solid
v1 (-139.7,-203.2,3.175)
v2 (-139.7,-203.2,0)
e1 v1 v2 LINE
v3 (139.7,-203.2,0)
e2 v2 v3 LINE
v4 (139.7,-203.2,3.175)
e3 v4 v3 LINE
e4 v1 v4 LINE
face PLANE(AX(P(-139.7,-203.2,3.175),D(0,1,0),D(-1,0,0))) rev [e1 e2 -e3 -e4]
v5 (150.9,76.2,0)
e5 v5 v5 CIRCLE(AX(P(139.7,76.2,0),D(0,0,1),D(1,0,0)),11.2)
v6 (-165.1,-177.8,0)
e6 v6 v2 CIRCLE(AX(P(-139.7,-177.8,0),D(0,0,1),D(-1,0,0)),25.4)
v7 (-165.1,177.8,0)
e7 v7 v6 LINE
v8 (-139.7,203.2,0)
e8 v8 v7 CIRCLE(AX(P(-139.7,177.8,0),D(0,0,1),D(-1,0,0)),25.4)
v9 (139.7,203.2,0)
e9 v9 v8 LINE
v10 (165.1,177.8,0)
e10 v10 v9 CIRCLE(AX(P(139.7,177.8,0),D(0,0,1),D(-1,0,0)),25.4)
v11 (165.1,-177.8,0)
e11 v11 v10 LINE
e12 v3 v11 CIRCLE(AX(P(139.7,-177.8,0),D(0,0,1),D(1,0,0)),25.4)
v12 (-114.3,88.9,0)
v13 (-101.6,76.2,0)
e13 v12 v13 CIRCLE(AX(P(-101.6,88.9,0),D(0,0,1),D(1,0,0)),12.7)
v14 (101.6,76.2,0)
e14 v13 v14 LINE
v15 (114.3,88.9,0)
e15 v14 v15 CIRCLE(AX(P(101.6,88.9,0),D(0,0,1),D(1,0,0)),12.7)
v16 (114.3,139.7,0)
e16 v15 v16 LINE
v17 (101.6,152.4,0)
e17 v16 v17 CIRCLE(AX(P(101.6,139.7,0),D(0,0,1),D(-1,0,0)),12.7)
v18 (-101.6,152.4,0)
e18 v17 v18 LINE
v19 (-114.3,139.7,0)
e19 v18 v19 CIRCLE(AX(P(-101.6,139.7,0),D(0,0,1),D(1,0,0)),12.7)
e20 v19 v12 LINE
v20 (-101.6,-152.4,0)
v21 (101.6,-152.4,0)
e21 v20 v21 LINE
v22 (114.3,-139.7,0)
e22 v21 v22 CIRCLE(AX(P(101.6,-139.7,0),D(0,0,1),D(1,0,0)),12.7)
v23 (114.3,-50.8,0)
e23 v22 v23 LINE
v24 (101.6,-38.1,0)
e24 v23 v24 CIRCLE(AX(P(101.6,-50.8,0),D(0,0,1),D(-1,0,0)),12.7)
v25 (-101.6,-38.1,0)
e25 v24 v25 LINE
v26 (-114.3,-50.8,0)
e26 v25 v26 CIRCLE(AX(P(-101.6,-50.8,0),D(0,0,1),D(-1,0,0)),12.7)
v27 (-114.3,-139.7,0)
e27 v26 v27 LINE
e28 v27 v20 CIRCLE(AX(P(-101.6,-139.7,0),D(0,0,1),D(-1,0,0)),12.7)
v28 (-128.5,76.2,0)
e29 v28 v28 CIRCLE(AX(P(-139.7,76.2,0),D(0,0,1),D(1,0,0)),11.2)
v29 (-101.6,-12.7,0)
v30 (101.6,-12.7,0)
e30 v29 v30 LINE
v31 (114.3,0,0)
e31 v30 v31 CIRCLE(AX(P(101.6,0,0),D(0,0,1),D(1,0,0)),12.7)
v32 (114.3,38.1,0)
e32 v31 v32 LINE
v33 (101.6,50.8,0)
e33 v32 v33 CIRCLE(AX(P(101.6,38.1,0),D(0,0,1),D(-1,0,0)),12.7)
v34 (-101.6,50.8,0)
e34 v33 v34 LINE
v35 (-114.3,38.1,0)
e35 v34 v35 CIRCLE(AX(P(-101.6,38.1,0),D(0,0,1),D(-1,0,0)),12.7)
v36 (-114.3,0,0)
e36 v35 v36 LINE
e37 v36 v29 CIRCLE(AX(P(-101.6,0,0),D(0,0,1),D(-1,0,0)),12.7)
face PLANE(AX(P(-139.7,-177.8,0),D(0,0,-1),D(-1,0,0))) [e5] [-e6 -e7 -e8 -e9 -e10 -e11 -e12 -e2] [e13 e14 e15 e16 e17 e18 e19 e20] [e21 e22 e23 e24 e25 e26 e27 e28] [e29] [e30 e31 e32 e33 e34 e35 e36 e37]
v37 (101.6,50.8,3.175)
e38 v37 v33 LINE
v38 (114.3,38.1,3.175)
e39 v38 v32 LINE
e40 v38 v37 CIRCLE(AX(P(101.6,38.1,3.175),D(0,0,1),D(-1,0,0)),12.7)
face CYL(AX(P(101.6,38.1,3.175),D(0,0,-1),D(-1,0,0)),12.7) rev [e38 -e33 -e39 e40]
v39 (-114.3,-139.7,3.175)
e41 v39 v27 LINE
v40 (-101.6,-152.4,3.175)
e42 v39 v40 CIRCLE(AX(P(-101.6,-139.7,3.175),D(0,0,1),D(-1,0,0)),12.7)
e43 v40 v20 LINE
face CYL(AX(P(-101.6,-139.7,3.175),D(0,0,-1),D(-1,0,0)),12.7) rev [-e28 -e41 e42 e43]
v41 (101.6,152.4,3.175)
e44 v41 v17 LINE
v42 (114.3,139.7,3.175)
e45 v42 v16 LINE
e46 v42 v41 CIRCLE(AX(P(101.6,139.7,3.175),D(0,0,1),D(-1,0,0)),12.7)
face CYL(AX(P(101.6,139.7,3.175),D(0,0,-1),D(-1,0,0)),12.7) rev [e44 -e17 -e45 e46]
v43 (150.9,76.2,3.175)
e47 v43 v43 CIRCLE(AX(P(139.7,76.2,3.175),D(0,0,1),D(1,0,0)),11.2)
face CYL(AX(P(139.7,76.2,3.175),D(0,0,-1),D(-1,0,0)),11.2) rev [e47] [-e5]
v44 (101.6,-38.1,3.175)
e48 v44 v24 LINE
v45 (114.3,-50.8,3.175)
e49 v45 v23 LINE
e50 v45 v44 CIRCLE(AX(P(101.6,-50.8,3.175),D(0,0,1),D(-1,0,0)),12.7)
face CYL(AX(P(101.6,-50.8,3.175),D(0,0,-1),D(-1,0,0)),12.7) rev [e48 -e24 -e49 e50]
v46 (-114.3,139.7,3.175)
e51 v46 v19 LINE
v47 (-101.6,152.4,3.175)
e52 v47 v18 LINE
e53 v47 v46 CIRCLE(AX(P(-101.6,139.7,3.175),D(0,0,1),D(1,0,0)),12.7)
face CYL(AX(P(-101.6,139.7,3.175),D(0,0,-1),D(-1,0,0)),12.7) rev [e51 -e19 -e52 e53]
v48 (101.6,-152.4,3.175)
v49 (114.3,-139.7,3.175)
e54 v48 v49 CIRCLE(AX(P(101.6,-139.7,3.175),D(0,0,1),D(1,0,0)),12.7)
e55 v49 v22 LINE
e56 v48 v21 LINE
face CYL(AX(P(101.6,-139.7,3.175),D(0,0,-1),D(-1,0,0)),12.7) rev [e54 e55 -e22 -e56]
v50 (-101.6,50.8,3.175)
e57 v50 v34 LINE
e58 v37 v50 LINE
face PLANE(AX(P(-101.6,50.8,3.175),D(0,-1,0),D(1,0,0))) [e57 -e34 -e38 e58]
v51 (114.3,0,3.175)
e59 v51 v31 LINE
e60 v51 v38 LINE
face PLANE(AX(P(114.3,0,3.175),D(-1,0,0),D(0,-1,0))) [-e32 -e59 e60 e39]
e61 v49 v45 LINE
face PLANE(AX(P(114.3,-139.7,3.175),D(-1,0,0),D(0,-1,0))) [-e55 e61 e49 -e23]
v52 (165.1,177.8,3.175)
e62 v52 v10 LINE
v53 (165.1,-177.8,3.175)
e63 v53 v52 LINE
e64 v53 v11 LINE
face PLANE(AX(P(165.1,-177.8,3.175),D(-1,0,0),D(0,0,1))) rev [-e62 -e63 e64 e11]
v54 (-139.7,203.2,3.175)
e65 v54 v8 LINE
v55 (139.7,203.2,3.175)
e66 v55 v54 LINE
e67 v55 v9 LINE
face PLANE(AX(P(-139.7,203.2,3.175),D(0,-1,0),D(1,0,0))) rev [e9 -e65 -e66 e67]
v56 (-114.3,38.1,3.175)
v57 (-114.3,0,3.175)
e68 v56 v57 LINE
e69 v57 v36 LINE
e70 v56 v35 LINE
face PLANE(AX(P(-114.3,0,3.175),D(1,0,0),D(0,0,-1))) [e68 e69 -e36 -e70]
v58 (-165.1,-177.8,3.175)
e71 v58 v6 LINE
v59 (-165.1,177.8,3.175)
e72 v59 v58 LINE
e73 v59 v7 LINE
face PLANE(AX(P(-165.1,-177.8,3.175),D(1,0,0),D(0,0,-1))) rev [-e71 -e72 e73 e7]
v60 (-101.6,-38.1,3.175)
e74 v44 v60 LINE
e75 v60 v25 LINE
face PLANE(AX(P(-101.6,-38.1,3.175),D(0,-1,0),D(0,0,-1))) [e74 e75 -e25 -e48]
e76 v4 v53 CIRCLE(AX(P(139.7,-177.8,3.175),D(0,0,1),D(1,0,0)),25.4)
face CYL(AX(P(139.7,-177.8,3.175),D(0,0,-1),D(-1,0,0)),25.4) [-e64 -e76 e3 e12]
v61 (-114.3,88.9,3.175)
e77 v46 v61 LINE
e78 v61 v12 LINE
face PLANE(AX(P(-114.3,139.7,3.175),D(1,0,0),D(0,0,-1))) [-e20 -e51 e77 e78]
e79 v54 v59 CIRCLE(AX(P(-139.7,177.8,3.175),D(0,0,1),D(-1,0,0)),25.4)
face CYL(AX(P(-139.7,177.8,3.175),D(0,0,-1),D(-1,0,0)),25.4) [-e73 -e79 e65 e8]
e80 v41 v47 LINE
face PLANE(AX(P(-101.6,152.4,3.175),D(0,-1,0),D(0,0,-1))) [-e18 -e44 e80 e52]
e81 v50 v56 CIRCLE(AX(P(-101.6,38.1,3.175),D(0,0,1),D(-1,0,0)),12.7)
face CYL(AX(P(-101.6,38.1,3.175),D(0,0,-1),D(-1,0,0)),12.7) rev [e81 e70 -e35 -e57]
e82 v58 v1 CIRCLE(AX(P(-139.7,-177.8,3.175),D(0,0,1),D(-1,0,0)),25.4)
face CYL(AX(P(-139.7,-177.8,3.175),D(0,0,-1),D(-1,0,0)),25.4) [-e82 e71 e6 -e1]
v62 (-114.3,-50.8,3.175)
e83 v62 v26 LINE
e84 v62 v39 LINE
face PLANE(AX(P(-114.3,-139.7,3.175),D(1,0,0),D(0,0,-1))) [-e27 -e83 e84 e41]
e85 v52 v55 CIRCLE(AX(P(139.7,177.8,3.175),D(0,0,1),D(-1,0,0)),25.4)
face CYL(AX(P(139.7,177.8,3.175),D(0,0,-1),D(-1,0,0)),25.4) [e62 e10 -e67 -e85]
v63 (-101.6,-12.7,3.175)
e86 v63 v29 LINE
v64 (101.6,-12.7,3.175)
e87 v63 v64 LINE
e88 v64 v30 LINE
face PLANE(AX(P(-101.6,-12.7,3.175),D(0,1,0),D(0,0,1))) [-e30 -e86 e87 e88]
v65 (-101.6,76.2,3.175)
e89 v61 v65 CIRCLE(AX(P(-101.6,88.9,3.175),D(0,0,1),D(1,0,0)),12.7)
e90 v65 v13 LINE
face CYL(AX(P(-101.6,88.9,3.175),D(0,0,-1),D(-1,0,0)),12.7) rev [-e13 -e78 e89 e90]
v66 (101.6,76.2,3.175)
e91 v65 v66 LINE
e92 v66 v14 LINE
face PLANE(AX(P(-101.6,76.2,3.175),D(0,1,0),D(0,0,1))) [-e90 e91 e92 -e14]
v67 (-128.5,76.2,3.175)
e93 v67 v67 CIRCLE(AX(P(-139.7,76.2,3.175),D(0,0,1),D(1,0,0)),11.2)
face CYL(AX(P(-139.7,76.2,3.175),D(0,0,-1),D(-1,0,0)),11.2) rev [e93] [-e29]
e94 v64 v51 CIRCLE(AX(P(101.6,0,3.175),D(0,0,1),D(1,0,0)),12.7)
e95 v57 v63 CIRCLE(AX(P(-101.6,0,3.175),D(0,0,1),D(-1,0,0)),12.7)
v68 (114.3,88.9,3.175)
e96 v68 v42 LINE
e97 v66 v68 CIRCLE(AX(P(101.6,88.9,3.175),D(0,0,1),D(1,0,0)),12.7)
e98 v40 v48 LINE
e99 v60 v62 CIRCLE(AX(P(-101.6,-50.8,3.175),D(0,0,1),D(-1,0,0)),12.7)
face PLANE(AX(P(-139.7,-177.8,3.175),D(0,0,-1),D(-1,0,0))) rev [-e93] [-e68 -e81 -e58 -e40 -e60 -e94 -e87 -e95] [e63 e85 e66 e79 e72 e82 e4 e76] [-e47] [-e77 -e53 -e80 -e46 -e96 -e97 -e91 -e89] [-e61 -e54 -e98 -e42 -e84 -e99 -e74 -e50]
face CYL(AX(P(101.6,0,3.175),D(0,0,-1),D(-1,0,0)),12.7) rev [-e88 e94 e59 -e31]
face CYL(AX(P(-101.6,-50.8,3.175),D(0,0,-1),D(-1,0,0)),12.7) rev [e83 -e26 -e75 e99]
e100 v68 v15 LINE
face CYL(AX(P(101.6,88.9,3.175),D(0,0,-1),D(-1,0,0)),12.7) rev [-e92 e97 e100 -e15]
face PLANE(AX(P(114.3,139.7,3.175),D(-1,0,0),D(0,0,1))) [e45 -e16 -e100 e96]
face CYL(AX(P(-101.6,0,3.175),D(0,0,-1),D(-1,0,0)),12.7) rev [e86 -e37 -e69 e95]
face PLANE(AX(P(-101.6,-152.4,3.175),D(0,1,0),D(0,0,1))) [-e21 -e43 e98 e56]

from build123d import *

# Parameters (mm, degrees)
SKETCH1_R           = 11.2
BOSS_EXTRUDE1_DEPTH = 3.175


with BuildPart() as part:
    # Sketch1 → Boss-Extrude1 (new body)
    with BuildSketch(Plane.XY):
        with BuildLine():
            Line((-139.7, -203.2), (139.7, -203.2))
            ThreePointArc((139.7, -203.2), (157.660512242, -195.760512242), (165.1, -177.8))
            Line((165.1, -177.8), (165.1, 177.8))
            ThreePointArc((165.1, 177.8), (157.660512242, 195.760512242), (139.7, 203.2))
            Line((139.7, 203.2), (-139.7, 203.2))
            ThreePointArc((-139.7, 203.2), (-157.660512242, 195.760512242), (-165.1, 177.8))
            Line((-165.1, 177.8), (-165.1, -177.8))
            ThreePointArc((-165.1, -177.8), (-157.660512242, -195.760512242), (-139.7, -203.2))
        make_face()
        with Locations((-139.7, 76.2)):
            Circle(SKETCH1_R, mode=Mode.SUBTRACT)
        with Locations((139.7, 76.2)):
            Circle(SKETCH1_R, mode=Mode.SUBTRACT)
        with BuildLine():
            Line((-101.6, -152.4), (101.6, -152.4))
            ThreePointArc((101.6, -152.4), (110.580256121, -148.680256121), (114.3, -139.7))
            Line((114.3, -139.7), (114.3, -50.8))
            ThreePointArc((114.3, -50.8), (110.580256121, -41.819743879), (101.6, -38.1))
            Line((101.6, -38.1), (-101.6, -38.1))
            ThreePointArc((-101.6, -38.1), (-110.580256121, -41.819743879), (-114.3, -50.8))
            Line((-114.3, -50.8), (-114.3, -139.7))
            ThreePointArc((-114.3, -139.7), (-110.580256121, -148.680256121), (-101.6, -152.4))
        make_face(mode=Mode.SUBTRACT)
        with BuildLine():
            Line((-101.6, -12.7), (101.6, -12.7))
            ThreePointArc((101.6, -12.7), (110.580256121, -8.980256121), (114.3, 0))
            Line((114.3, 0), (114.3, 38.1))
            ThreePointArc((114.3, 38.1), (110.580256121, 47.080256121), (101.6, 50.8))
            Line((101.6, 50.8), (-101.6, 50.8))
            ThreePointArc((-101.6, 50.8), (-110.580256121, 47.080256121), (-114.3, 38.1))
            Line((-114.3, 38.1), (-114.3, 0))
            ThreePointArc((-114.3, 0), (-110.580256121, -8.980256121), (-101.6, -12.7))
        make_face(mode=Mode.SUBTRACT)
        with BuildLine():
            Line((-101.6, 152.4), (101.6, 152.4))
            ThreePointArc((101.6, 152.4), (110.580256121, 148.680256121), (114.3, 139.7))
            Line((114.3, 139.7), (114.3, 88.9))
            ThreePointArc((114.3, 88.9), (110.580256121, 79.919743879), (101.6, 76.2))
            Line((101.6, 76.2), (-101.6, 76.2))
            ThreePointArc((-101.6, 76.2), (-110.580256121, 79.919743879), (-114.3, 88.9))
            Line((-114.3, 88.9), (-114.3, 139.7))
            ThreePointArc((-114.3, 139.7), (-110.580256121, 148.680256121), (-101.6, 152.4))
        make_face(mode=Mode.SUBTRACT)
    extrude(amount=BOSS_EXTRUDE1_DEPTH)


solid = part.part
